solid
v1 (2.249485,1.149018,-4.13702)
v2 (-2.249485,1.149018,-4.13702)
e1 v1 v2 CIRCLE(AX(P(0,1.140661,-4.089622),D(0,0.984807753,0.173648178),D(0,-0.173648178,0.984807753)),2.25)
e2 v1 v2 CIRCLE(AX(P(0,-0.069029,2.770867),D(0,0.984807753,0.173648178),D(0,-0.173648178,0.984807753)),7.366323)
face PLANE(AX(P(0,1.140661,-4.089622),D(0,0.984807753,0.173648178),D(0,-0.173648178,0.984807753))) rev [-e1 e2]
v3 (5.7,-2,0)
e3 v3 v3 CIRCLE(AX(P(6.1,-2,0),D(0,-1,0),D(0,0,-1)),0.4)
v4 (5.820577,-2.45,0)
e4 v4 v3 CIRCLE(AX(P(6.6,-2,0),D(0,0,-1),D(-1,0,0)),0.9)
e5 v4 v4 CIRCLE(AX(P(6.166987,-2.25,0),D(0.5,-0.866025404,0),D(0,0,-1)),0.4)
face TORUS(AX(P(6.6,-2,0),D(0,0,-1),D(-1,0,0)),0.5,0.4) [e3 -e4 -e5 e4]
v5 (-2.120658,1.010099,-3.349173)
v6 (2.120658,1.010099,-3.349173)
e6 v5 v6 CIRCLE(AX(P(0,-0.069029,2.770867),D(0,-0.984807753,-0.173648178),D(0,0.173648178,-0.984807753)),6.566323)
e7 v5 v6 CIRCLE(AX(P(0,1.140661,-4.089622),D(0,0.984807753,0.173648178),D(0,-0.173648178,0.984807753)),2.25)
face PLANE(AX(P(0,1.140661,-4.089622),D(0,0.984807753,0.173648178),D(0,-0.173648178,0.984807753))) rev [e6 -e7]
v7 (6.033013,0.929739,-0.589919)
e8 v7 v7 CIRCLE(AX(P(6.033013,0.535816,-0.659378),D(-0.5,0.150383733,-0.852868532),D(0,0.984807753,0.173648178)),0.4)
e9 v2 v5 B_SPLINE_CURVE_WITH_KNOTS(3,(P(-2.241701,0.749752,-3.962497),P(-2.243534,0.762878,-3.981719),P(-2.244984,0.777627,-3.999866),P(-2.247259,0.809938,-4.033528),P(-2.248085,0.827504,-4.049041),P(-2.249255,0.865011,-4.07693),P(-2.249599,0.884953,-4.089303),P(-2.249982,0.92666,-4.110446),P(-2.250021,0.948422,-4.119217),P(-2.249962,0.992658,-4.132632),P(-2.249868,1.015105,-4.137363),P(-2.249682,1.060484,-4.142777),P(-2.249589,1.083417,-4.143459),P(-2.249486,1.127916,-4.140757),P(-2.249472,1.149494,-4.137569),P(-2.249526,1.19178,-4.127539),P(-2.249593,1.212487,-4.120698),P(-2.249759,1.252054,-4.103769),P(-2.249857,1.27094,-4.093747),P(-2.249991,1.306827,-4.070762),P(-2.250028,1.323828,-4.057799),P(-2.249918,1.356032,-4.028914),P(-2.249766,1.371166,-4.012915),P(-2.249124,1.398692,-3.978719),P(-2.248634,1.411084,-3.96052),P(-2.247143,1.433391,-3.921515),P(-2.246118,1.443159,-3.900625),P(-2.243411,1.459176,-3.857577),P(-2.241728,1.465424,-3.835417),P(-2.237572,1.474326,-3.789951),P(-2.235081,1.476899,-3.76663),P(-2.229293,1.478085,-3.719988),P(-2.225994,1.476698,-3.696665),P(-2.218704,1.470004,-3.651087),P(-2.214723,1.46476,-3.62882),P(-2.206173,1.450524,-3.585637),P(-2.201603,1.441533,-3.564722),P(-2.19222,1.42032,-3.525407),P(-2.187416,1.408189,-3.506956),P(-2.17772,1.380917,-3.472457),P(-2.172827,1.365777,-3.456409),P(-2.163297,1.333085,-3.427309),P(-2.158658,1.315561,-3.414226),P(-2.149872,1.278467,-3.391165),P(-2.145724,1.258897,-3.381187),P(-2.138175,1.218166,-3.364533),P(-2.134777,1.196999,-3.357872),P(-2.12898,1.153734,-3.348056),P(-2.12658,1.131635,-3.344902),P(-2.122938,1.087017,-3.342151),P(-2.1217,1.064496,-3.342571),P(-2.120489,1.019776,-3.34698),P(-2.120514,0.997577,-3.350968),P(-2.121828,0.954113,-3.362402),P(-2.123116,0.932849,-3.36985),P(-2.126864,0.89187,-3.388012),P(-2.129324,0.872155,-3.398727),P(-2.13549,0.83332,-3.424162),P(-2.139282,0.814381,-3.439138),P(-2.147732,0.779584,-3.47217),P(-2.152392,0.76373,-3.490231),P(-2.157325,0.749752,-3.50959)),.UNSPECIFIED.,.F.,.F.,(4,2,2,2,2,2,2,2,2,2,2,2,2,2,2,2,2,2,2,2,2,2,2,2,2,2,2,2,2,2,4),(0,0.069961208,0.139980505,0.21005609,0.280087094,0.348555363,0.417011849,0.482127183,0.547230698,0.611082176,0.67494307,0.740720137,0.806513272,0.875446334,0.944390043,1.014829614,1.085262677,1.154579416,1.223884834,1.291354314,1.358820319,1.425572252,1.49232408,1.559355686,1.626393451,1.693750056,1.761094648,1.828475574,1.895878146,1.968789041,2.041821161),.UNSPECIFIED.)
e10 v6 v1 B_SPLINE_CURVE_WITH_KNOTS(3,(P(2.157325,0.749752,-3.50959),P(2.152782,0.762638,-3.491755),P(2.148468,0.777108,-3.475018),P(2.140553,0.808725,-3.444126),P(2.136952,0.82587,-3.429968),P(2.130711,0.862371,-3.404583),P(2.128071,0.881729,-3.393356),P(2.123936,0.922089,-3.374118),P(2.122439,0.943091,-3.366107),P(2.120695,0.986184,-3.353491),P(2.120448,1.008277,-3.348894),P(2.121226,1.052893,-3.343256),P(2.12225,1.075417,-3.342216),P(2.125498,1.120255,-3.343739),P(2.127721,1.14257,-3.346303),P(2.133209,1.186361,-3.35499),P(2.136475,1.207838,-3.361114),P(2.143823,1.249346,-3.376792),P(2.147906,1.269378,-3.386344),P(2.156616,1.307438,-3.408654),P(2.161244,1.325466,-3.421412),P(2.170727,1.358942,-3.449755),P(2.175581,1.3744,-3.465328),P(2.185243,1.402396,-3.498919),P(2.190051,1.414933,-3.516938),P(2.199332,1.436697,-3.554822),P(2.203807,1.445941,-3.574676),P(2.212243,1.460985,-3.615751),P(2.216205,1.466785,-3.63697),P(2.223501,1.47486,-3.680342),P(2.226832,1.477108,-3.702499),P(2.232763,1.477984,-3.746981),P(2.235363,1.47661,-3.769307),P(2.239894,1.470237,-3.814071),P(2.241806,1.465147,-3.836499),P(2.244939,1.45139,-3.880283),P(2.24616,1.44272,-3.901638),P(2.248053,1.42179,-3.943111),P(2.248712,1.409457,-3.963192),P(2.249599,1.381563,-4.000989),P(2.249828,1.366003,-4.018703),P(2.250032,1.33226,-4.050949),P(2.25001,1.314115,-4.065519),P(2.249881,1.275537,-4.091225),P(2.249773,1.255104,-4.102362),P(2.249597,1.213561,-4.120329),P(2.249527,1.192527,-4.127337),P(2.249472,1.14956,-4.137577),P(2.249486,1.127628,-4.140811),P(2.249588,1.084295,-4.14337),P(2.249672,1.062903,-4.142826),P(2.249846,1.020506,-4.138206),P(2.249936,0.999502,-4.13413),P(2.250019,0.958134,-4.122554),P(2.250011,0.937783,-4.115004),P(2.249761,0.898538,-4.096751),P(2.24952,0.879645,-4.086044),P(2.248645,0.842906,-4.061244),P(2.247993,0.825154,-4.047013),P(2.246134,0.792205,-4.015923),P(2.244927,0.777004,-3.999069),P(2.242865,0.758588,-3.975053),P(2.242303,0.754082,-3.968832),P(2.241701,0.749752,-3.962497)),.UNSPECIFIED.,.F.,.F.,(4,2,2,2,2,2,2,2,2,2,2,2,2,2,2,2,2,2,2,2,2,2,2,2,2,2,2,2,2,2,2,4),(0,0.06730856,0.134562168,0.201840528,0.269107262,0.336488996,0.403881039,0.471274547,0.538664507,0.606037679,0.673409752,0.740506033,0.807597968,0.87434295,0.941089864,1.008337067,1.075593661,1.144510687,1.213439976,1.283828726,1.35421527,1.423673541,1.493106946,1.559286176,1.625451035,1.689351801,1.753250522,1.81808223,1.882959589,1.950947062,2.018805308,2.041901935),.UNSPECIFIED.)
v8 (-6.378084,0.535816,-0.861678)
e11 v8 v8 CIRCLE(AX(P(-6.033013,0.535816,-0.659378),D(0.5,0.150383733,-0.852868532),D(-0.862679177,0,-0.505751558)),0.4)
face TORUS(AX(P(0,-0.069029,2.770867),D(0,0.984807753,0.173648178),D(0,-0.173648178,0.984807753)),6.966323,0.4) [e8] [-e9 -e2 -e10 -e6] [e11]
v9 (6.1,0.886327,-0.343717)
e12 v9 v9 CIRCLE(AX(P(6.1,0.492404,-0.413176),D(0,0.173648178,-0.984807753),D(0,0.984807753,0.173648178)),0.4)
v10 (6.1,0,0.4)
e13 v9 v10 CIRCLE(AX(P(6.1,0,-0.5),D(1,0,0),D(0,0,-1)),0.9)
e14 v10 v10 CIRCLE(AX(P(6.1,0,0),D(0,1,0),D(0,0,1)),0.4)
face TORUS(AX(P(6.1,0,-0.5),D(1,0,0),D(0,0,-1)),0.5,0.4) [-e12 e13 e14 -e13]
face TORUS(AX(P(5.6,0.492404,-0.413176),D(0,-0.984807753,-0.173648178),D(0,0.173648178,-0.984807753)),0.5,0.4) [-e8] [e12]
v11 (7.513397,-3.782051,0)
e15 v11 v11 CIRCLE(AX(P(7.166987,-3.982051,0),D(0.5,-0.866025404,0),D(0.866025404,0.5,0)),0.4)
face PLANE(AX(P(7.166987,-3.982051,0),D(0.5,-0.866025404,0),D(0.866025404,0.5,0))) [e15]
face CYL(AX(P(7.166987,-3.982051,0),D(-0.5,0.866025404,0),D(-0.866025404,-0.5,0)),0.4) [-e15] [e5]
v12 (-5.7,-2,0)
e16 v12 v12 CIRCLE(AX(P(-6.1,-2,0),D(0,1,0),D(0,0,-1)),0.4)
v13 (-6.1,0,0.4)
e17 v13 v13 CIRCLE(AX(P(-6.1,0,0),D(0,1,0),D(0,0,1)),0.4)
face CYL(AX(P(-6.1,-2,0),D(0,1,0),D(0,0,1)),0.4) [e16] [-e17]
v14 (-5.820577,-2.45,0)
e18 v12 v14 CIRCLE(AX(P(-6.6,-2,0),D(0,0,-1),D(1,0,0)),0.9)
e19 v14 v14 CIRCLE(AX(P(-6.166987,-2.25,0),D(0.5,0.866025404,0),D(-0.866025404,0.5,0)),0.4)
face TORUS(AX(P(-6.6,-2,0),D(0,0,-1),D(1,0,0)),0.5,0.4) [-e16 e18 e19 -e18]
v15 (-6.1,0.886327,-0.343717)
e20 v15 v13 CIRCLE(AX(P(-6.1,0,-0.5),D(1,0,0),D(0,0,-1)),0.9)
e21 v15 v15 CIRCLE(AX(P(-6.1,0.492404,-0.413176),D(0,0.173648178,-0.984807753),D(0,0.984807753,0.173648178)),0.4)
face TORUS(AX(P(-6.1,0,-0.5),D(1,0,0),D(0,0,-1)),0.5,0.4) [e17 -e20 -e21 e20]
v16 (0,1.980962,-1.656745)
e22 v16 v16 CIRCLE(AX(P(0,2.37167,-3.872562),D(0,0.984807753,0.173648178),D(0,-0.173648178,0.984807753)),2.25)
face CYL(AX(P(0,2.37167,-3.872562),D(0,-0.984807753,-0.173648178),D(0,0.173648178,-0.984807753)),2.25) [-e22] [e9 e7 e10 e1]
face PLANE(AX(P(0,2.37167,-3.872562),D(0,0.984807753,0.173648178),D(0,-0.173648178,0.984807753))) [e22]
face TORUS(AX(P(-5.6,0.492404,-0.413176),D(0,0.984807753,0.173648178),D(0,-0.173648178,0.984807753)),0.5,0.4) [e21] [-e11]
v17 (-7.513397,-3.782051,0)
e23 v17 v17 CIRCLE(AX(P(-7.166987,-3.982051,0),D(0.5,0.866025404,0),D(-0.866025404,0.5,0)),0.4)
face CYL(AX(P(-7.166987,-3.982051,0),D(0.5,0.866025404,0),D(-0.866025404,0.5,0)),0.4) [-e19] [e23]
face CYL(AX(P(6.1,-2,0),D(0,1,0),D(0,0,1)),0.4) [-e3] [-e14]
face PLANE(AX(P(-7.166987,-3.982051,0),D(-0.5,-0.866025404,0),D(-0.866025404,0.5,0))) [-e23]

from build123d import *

# Parameters (mm, degrees)
SKETCH1_R             = 0.4
BOSS_EXTRUDE1_DEPTH   = 2
BOSS_EXTRUDE1_2_DEPTH = 2
SKETCH2_R             = 0.4
REVOLVE4_ANGLE        = 80
SKETCH3_R             = 0.4
REVOLVE5_ANGLE        = 30
SKETCH4_R             = 0.4
REVOLVE6_ANGLE        = 30
SKETCH11_R            = 0.4
SKETCH12_R            = 2.25
BOSS_EXTRUDE2_DEPTH   = 1.25
SKETCH13_R            = 0.4
REVOLVE7_ANGLE        = 30
SKETCH14_R            = 0.4
BOSS_EXTRUDE3_DEPTH   = 2


with BuildPart() as part:
    # Sketch1 → Boss-Extrude1 (new body)
    with BuildSketch(Plane(origin=(0, 0, 0), x_dir=(1, 0, 0), z_dir=(0, 1, 0))):
        with Locations(Location((-6.1, 0, 0), (0, 0, 270))):
            Circle(SKETCH1_R)
    extrude(amount=-BOSS_EXTRUDE1_DEPTH)



with BuildPart() as body_2:
    # Sketch1 → Boss-Extrude1 2 (new body)
    with BuildSketch(Plane(origin=(0, 0, 0), x_dir=(1, 0, 0), z_dir=(0, 1, 0))):
        with Locations(Location((6.1, 0, 0), (0, 0, 270))):
            Circle(SKETCH1_R)
    extrude(amount=-BOSS_EXTRUDE1_2_DEPTH)


with BuildPart() as part_1:
    add(part.part)

    add(body_2.part)  # Revolve4 merges body 2
    # Sketch2 → Revolve4 (revolve)
    with BuildSketch(Plane(origin=(0, 0, 0), x_dir=(1, 0, 0), z_dir=(0, 1, 0))):
        with Locations(Location((6.1, 0, 0), (0, 0, 270))):
            Circle(SKETCH2_R)
        with Locations(Location((-6.1, 0, 0), (0, 0, 270))):
            Circle(SKETCH2_R)
    revolve(axis=Axis((-6.5, 0, -0.5), (-1, 0, 0)), revolution_arc=REVOLVE4_ANGLE)

    # Sketch3 → Revolve5 (revolve)
    with BuildSketch(Plane(origin=(0, 0.085505036, -0.484923155), x_dir=(-1, 0, 0), z_dir=(0, 0.17364817766692736, -0.9848077530122086))):
        with Locations((-6.1, 0.413175911)):
            Circle(SKETCH3_R)
    revolve(axis=Axis((5.6, 0.982265488, -0.326800092), (0, 0.9848077530122086, 0.1736481776669274)), revolution_arc=REVOLVE5_ANGLE)

    # Sketch4 → Revolve6 (revolve)
    with BuildSketch(Plane(origin=(0, 0.085505036, -0.484923155), x_dir=(-1, 0, 0), z_dir=(0, 0.17364817766692736, -0.9848077530122086))):
        with Locations((6.1, 0.413175911)):
            Circle(SKETCH4_R)
    revolve(axis=Axis((-5.6, 1.037409724, -0.317076676), (0, -0.9848077530122086, -0.17364817766692733)), revolution_arc=REVOLVE6_ANGLE)

    # Sweep1: sweep along a path in Sketch5
    with BuildLine(Plane(origin=(0, 0.406898841, 0.071747244), x_dir=(1, 0, 0), z_dir=(0, 0.984807753012208, 0.17364817766693072))) as sweep1_path:
        ThreePointArc((-6.033012702, 0.742403877), (0, 4.225565384), (6.033012702, 0.742403877))
    # Sketch11 → Sweep1 (sweep)
    with BuildSketch(Plane(origin=(-1.186782867, -0.356945676, 2.024339523), x_dir=(-0.8402936458397423, -0.15403461860121453, -0.5197883463812287), z_dir=(0.5000000000000008, 0.15038373318043258, -0.8528685319524433))):
        with Locations((5.32970496, 1.754864912)):
            Circle(SKETCH11_R)
    sweep(path=sweep1_path.line)

    # Sketch12 → Boss-Extrude2 (add)
    with BuildSketch(Plane(origin=(0, 0.406898841, 0.071747244), x_dir=(1, 0, 0), z_dir=(0, 0.984807753012208, 0.17364817766693072))):
        with Locations(Location((0, 4.225565384, 0), (0, 0, 178.774322398))):
            Circle(SKETCH12_R)
    extrude(amount=BOSS_EXTRUDE2_DEPTH)

    # Sketch13 → Revolve7 (revolve)
    with BuildSketch(Plane.XZ.offset(2)):
        with Locations(Location((6.1, 0, 0), (0, 0, 90))):
            Circle(SKETCH13_R)
    revolve7 = revolve(axis=Axis((6.6, -2, -0.291841751), (0, 0, 1)), revolution_arc=REVOLVE7_ANGLE)

    # Sketch14 → Boss-Extrude3 (add)
    with BuildSketch(Plane(origin=(2.516025404, -4.357883832, 0), x_dir=(0.866025403784438, 0.500000000000001, 0), z_dir=(0.500000000000001, -0.866025403784438, 0))):
        with Locations(Location((4.215767665, 0, 0), (0, 0, 180))):
            Circle(SKETCH14_R)
    boss_extrude3 = extrude(amount=BOSS_EXTRUDE3_DEPTH)

    # Mirror1: Revolve7, Boss-Extrude3 across plane
    add(revolve7.mirror(Plane(origin=(0, 0, 0), x_dir=(0, 0, 1), z_dir=(1, 0, 0))))
    add(boss_extrude3.mirror(Plane(origin=(0, 0, 0), x_dir=(0, 0, 1), z_dir=(1, 0, 0))))


solid = part_1.part
